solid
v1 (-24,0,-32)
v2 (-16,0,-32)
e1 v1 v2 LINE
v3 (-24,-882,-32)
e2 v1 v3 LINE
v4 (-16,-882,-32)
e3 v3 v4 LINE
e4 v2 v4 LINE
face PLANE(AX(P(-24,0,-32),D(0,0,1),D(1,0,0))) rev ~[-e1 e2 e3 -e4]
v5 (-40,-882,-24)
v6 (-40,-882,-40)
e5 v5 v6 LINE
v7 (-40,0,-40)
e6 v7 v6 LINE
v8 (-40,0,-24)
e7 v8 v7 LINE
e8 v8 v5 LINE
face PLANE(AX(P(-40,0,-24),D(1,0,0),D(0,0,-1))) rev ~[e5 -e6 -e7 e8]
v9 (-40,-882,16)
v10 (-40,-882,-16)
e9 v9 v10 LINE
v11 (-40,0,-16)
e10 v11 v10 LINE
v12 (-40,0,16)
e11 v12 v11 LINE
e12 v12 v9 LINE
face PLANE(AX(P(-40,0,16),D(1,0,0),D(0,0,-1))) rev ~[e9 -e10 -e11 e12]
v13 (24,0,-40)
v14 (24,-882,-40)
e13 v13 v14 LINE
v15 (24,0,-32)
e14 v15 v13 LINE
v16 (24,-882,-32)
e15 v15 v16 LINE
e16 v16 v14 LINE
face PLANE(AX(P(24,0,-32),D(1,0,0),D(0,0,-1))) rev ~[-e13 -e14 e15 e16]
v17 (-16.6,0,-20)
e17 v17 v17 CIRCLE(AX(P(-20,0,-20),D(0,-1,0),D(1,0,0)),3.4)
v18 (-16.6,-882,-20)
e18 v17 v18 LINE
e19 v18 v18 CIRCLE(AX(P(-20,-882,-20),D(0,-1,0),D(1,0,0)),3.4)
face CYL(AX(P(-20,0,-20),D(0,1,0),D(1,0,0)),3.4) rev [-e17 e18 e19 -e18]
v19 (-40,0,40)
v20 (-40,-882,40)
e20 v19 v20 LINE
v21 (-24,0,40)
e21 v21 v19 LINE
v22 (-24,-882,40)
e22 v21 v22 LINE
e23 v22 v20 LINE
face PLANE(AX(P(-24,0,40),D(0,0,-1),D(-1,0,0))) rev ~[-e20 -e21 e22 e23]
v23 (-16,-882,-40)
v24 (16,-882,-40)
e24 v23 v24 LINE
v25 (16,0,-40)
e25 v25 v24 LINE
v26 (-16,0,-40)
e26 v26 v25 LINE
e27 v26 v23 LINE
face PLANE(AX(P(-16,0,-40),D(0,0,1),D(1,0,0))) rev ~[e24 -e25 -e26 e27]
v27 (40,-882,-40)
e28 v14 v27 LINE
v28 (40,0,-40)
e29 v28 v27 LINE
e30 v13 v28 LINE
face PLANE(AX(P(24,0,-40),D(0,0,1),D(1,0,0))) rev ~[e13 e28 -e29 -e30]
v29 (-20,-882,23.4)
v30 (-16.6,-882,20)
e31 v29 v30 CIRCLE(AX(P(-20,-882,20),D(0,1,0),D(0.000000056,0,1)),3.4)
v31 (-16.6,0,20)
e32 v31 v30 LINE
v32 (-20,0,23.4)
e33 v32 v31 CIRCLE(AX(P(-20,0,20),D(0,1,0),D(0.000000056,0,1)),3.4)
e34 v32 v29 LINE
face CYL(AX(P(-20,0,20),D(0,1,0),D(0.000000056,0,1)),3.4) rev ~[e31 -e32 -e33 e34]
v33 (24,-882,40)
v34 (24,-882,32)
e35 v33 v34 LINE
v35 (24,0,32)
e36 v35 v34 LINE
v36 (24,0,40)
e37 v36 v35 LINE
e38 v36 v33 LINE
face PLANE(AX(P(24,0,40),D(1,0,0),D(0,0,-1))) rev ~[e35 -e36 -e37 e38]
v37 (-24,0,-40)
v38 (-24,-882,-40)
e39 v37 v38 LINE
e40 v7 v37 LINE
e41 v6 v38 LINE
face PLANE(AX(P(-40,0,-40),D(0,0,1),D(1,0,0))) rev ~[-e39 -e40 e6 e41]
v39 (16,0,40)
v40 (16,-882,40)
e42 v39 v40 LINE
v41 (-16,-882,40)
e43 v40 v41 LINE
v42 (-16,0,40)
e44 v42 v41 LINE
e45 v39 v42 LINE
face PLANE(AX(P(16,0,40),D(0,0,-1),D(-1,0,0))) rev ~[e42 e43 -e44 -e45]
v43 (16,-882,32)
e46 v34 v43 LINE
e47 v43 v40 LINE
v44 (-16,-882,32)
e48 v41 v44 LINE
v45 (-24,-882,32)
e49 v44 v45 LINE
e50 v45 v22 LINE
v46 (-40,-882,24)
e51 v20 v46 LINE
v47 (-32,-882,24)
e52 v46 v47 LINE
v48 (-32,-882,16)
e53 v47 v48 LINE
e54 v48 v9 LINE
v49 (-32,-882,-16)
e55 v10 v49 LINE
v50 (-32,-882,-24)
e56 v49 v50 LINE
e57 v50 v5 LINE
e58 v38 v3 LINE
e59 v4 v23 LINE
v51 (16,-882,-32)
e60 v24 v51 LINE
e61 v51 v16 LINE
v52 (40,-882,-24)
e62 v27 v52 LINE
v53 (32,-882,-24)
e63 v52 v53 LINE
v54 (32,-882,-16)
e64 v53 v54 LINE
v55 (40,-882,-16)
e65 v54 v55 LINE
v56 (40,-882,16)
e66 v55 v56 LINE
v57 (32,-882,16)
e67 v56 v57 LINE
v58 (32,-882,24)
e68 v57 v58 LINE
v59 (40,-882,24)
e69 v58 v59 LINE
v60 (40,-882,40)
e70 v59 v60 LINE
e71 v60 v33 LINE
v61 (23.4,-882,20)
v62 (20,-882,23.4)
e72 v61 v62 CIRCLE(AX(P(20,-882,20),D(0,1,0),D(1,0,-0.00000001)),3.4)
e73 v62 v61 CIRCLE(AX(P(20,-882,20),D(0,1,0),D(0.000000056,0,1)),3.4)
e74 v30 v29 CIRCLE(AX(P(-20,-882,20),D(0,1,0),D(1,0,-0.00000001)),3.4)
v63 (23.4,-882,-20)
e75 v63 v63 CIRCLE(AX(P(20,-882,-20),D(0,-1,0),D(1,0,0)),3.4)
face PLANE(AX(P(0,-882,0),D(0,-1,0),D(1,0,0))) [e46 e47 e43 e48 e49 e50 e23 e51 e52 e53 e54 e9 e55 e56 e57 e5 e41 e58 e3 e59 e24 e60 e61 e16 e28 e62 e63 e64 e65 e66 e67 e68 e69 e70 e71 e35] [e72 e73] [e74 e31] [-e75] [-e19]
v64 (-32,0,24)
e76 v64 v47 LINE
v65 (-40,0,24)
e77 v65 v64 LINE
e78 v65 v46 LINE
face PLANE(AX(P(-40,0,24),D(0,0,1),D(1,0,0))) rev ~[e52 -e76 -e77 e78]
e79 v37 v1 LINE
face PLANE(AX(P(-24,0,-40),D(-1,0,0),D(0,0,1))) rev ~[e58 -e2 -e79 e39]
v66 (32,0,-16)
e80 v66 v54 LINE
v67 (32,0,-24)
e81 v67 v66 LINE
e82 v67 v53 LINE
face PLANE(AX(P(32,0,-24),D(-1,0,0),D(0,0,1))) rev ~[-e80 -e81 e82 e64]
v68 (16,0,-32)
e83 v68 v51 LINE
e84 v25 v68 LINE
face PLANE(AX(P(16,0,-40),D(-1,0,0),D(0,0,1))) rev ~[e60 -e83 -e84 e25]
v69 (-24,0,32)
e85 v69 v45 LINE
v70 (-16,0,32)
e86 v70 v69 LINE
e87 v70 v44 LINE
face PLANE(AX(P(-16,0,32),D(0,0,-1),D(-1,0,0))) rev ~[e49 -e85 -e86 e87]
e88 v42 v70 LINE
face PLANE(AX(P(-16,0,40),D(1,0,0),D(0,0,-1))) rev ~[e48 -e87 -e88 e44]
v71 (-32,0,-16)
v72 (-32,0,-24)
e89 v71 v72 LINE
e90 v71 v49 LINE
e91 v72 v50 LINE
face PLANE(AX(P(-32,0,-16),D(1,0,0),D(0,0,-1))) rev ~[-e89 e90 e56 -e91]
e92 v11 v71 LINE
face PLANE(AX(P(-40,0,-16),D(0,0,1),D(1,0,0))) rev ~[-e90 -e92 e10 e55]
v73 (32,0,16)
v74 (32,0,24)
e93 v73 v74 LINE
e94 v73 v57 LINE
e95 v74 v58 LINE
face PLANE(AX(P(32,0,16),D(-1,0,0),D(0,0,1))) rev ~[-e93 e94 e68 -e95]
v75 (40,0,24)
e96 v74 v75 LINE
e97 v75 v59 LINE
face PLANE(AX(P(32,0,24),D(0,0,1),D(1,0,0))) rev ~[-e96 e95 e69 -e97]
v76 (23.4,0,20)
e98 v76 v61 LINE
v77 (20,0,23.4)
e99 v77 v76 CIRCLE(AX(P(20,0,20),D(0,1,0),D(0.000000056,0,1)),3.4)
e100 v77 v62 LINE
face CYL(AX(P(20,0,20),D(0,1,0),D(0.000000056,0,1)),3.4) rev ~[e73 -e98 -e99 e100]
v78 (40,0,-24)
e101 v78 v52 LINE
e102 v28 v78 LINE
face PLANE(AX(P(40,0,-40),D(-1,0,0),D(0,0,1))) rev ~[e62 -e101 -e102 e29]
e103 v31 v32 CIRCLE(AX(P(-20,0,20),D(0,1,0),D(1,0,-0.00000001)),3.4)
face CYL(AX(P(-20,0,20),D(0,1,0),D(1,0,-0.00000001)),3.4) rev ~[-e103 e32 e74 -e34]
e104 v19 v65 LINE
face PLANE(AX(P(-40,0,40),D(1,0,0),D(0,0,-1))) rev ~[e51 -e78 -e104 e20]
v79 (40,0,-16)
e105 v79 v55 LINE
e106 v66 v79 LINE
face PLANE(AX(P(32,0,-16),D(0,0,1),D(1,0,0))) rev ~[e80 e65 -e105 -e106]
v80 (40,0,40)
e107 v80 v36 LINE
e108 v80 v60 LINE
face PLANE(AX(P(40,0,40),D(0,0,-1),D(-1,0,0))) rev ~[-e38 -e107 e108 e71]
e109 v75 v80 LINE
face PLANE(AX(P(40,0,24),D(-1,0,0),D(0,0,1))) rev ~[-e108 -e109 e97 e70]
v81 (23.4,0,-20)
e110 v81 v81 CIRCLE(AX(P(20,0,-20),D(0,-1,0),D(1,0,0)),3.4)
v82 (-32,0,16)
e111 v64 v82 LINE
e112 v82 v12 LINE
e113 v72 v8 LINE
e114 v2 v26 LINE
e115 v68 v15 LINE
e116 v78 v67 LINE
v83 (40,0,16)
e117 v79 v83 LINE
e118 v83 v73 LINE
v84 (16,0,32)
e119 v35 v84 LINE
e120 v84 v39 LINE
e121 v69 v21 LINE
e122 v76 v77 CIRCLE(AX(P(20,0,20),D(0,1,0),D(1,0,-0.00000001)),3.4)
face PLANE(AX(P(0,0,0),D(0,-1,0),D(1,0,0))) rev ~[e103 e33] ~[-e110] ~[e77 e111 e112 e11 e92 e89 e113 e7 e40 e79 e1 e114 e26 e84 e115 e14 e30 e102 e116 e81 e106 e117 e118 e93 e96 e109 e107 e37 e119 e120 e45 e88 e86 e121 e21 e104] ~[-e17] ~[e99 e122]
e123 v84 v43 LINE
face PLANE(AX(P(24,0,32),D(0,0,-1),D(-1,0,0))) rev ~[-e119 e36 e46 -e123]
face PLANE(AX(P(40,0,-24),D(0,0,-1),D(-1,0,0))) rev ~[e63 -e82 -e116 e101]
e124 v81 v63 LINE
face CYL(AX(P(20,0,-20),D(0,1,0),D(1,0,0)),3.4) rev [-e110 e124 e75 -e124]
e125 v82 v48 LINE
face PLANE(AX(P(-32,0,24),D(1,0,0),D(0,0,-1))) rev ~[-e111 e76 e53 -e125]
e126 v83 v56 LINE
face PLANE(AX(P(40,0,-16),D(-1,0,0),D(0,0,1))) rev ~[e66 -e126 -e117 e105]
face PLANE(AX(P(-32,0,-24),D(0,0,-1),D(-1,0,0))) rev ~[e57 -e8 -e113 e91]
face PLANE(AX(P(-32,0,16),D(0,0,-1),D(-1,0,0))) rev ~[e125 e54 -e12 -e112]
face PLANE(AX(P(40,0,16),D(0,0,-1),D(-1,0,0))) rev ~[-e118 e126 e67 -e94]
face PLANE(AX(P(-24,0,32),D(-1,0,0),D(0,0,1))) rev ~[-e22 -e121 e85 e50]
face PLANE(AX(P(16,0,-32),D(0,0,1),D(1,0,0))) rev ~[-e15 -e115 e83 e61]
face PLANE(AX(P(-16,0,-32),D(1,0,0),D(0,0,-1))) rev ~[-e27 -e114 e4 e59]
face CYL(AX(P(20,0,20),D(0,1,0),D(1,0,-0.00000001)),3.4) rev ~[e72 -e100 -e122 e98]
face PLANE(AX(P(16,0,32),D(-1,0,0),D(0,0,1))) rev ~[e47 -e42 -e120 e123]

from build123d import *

# Parameters (mm, degrees)
F0_R     = 3.4
F1_DEPTH = 882


with BuildPart() as f1:
    # F0 (on Front) → F1 (new body)
    with BuildSketch(Plane.XZ):
        Polygon((40, 24), (40, 40), (24, 40), (24, 32), (20, 32), (16, 32), (16, 40), (-16, 40), (-16, 32), (-20, 32), (-24, 32), (-24, 40), (-40, 40), (-40, 24), (-32, 24), (-32, 16), (-40, 16), (-40, -16), (-32, -16), (-32, -24), (-40, -24), (-40, -40), (-24, -40), (-24, -32), (-16, -32), (-16, -40), (16, -40), (16, -32), (24, -32), (24, -40), (40, -40), (40, -24), (32, -24), (32, -16), (40, -16), (40, 16), (32, 16), (32, 24), align=None)
        with Locations((-20, -20)):
            Circle(F0_R, mode=Mode.SUBTRACT)
        with Locations((20, -20)):
            Circle(F0_R, mode=Mode.SUBTRACT)
        with BuildLine():
            ThreePointArc((-16.6, 20), (-22.404163, 17.595837), (-20, 23.4))
            ThreePointArc((-20, 23.4), (-17.595837, 22.404163), (-16.6, 20))
        make_face(mode=Mode.SUBTRACT)
        with BuildLine():
            ThreePointArc((23.4, 20), (17.595837, 17.595837), (20, 23.4))
            ThreePointArc((20, 23.4), (22.404163, 22.404163), (23.4, 20))
        make_face(mode=Mode.SUBTRACT)
    extrude(amount=F1_DEPTH)


solid = f1.part
